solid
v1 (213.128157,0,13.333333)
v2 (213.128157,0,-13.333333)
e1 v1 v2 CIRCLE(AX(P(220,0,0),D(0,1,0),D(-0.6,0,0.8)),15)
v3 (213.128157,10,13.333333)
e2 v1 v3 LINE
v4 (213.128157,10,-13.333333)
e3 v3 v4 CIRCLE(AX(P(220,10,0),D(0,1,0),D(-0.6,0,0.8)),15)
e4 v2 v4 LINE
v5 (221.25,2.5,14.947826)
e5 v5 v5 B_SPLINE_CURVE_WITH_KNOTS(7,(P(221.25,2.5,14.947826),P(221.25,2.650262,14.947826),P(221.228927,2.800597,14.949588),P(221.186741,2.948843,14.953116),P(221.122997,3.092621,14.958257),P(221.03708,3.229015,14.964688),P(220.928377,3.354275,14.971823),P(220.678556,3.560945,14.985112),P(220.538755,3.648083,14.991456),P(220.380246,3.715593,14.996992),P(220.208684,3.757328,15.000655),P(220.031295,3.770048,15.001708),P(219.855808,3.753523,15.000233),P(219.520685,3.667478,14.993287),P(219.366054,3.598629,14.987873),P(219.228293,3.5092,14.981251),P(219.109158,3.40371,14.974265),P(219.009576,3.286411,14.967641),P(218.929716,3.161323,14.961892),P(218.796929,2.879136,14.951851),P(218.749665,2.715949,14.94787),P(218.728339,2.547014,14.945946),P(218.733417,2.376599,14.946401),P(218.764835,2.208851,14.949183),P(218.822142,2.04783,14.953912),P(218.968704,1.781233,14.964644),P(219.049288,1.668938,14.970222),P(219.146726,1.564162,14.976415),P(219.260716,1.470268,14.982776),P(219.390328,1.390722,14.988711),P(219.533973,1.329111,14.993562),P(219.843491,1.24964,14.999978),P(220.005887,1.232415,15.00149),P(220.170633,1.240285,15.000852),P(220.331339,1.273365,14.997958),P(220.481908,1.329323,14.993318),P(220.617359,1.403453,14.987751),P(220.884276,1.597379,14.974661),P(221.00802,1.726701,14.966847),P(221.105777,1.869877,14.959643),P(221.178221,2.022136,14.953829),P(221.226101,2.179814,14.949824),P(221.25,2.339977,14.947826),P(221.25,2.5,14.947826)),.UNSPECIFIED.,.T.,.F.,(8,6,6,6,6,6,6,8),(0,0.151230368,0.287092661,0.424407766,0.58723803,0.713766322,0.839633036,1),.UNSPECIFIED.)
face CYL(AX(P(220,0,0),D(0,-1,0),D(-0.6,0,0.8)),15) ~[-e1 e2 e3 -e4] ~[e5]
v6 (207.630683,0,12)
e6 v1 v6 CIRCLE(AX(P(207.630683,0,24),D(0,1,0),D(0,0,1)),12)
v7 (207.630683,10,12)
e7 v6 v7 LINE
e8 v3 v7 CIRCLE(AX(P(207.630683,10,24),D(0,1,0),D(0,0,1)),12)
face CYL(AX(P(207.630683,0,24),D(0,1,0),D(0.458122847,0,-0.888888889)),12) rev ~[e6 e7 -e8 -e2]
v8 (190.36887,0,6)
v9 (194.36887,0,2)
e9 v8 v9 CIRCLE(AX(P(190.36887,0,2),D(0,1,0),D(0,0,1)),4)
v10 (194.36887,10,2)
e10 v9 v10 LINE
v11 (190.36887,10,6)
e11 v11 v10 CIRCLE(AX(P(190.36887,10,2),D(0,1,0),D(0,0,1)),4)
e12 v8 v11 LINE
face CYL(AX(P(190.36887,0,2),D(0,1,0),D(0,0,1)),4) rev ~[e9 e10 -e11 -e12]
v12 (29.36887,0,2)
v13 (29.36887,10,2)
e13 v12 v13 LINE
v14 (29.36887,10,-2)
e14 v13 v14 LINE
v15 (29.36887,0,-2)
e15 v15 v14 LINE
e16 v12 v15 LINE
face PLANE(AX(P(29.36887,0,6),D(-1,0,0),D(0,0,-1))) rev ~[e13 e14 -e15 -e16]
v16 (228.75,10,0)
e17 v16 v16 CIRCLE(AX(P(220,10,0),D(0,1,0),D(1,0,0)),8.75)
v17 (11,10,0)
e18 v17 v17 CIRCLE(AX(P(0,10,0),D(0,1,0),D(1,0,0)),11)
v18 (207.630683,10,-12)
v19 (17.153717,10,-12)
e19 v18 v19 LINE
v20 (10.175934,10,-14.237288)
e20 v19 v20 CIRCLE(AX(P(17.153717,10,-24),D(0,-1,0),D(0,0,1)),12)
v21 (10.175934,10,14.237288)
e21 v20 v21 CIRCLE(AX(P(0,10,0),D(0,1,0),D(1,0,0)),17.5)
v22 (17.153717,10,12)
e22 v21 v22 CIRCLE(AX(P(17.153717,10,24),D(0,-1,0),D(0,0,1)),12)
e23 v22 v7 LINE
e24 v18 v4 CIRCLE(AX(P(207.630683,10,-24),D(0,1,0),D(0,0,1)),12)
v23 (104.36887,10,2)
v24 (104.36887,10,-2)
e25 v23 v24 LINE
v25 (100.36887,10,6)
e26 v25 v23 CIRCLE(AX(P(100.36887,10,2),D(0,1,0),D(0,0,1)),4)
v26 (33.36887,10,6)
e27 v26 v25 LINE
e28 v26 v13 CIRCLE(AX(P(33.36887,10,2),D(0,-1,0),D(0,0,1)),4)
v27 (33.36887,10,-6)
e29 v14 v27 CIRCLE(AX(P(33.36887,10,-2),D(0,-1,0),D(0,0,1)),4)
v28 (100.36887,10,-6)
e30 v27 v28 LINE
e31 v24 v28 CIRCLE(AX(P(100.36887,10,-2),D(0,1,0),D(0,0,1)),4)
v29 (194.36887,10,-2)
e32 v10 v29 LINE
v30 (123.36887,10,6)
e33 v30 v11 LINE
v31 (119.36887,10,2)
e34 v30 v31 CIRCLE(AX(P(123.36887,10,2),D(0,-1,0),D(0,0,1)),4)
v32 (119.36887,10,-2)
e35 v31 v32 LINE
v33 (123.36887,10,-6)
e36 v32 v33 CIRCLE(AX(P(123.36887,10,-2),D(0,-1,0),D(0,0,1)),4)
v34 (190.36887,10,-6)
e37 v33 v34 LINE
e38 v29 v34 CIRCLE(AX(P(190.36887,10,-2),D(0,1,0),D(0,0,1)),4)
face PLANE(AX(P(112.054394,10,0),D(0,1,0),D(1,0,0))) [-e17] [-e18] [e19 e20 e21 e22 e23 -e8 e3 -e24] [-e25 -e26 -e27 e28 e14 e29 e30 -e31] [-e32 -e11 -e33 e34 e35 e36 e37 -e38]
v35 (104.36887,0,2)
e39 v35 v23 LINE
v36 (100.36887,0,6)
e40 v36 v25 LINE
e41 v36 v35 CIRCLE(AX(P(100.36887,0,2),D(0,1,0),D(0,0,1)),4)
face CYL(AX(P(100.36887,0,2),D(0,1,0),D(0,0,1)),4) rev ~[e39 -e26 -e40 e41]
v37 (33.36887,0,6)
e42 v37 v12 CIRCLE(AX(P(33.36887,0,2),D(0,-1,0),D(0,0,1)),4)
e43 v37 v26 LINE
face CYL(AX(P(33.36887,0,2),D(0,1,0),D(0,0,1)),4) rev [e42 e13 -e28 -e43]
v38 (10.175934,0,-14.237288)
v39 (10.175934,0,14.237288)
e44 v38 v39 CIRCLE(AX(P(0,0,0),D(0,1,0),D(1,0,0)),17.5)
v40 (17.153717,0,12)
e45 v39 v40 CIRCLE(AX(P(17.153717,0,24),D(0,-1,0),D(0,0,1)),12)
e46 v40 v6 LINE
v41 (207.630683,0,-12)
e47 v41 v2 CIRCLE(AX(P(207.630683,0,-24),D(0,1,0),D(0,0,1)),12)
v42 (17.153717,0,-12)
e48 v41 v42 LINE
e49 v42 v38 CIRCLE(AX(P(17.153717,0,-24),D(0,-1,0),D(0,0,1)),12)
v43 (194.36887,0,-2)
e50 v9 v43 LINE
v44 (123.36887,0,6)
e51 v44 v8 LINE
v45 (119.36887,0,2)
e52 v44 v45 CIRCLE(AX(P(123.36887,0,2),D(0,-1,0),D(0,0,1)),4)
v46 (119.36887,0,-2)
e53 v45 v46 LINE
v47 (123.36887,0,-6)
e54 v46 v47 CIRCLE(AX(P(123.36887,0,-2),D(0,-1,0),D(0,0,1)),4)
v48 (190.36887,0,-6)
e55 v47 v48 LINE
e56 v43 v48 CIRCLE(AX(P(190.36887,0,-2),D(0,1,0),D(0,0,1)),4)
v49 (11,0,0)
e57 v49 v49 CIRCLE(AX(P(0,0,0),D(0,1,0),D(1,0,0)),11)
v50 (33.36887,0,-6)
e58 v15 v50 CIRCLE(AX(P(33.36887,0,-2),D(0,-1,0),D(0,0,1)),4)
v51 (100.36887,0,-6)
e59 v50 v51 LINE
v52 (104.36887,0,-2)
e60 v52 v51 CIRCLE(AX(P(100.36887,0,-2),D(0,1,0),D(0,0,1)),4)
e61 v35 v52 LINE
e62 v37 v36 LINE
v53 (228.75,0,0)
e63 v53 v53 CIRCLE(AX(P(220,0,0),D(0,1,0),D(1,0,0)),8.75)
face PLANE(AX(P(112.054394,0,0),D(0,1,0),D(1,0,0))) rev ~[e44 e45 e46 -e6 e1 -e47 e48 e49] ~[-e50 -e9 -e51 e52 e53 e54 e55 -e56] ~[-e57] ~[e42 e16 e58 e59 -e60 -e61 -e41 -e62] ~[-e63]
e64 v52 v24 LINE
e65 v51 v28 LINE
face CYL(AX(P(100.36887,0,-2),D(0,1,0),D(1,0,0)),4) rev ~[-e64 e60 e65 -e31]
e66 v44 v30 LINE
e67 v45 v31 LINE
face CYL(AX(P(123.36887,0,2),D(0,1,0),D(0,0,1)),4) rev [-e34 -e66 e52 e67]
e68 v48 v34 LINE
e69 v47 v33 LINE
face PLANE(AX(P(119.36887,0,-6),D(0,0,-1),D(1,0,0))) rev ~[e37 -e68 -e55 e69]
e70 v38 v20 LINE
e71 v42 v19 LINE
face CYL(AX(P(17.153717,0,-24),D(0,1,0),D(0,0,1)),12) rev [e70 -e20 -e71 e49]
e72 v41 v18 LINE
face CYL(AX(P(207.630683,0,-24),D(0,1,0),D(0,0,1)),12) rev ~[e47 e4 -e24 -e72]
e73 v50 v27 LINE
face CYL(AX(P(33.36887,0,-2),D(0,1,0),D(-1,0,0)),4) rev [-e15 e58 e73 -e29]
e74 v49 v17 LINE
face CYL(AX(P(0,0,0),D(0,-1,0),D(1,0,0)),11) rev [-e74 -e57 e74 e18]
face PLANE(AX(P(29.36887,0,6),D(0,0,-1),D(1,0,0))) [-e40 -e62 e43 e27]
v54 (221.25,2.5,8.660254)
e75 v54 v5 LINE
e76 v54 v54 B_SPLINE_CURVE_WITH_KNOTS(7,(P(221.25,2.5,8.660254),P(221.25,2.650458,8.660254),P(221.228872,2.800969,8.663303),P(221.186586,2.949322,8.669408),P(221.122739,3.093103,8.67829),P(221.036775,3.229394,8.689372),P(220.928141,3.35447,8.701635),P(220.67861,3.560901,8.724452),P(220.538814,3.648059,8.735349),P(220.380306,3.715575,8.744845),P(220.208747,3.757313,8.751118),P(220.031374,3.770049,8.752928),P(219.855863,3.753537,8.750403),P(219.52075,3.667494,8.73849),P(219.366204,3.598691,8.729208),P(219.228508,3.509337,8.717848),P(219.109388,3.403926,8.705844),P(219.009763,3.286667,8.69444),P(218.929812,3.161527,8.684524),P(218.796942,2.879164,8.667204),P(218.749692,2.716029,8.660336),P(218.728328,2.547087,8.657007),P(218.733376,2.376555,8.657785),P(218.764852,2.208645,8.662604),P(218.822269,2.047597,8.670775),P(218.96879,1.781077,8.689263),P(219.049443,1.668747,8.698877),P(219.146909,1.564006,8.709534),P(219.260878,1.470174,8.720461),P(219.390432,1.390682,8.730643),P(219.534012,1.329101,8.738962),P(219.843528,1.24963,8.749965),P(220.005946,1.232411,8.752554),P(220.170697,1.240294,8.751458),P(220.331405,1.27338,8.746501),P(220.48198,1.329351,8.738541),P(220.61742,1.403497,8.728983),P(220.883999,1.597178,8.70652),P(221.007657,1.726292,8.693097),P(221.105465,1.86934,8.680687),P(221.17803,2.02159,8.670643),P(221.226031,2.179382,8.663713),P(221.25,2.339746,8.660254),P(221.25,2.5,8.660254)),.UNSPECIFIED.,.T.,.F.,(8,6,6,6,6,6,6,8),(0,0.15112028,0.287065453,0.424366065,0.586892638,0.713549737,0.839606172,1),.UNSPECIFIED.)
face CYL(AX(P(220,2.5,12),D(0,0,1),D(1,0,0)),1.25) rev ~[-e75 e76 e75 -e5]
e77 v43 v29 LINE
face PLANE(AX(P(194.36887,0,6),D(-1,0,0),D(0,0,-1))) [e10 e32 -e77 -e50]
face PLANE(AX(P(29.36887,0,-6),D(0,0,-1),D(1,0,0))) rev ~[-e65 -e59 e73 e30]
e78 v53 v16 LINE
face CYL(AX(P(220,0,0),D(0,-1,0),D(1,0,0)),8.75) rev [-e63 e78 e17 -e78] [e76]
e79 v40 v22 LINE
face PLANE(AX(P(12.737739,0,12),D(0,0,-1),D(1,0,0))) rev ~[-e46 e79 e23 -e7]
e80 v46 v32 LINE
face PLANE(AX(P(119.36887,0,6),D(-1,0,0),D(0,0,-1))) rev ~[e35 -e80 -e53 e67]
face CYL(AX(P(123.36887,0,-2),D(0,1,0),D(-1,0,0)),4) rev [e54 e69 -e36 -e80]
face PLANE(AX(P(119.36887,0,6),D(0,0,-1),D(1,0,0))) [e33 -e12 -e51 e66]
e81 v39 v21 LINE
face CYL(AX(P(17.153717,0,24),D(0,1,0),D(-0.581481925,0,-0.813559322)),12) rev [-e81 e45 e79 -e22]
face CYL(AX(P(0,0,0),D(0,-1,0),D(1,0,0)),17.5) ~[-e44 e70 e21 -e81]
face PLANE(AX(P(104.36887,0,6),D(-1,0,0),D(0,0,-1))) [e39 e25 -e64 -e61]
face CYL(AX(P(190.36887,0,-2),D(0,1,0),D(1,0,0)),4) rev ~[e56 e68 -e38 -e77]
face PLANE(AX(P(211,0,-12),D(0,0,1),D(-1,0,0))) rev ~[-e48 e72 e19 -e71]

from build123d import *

# Parameters (mm, degrees)
SKETCH1_W           = 75
SKETCH1_H           = 12
SKETCH1_R           = 17.5
SKETCH1_R_2         = 11
SKETCH1_R_3         = 15
SKETCH1_R_4         = 8.75
BOSS_EXTRUDE1_DEPTH = 10
FILLET1_R           = 4
FILLET2_R           = 12
SKETCH2_R           = 1.25
CUT_EXTRUDE1_DEPTH  = 9


with BuildPart() as part:
    # Sketch1 → Boss-Extrude1 (new body)
    with BuildSketch(Plane(origin=(0, 0, 0), x_dir=(1, 0, 0), z_dir=(0, 1, 0))):
        with BuildLine():
            Line((211, 12), (12.737739203, 12))
            ThreePointArc((12.737739203, 12), (16.265921985, 6.45521355), (17.5, 0))
            ThreePointArc((17.5, 0), (16.265921985, -6.45521355), (12.737739203, -12))
            Line((12.737739203, -12), (211, -12))
            ThreePointArc((211, -12), (205, 0), (211, 12))
        make_face()
        with Locations((66.868869601, 0)):
            Rectangle(SKETCH1_W, SKETCH1_H, mode=Mode.SUBTRACT)
        with Locations((156.868869601, 0)):
            Rectangle(SKETCH1_W, SKETCH1_H, mode=Mode.SUBTRACT)
        Circle(SKETCH1_R)
        Circle(SKETCH1_R_2, mode=Mode.SUBTRACT)
        with Locations((220, 0)):
            Circle(SKETCH1_R_3)
        with Locations((220, 0)):
            Circle(SKETCH1_R_4, mode=Mode.SUBTRACT)
    extrude(amount=BOSS_EXTRUDE1_DEPTH)

    # Fillet1
    fillet1_edges = [part.edges().sort_by_distance(p)[0] for p in [
        (119.368869601, 5, -6),
        (119.368869601, 5, 6),
        (194.368869601, 5, 6),
        (194.368869601, 5, -6),
        (29.368869601, 5, -6),
        (29.368869601, 5, 6),
        (104.368869601, 5, 6),
        (104.368869601, 5, -6),
    ]]
    fillet(fillet1_edges, radius=FILLET1_R)

    # Fillet2
    fillet2_edges = [part.edges().sort_by_distance(p)[0] for p in [
        (12.737739203, 5, 12),
        (12.737739203, 5, -12),
        (211, 5, -12),
        (211, 5, 12),
    ]]
    fillet(fillet2_edges, radius=FILLET2_R)

    # Sketch2 → Cut-Extrude1 (cut, symmetric)
    with BuildSketch(Plane.XY.offset(12)):
        with Locations((220, 2.5)):
            Circle(SKETCH2_R)
    extrude(amount=CUT_EXTRUDE1_DEPTH, both=True, mode=Mode.SUBTRACT)


solid = part.part
